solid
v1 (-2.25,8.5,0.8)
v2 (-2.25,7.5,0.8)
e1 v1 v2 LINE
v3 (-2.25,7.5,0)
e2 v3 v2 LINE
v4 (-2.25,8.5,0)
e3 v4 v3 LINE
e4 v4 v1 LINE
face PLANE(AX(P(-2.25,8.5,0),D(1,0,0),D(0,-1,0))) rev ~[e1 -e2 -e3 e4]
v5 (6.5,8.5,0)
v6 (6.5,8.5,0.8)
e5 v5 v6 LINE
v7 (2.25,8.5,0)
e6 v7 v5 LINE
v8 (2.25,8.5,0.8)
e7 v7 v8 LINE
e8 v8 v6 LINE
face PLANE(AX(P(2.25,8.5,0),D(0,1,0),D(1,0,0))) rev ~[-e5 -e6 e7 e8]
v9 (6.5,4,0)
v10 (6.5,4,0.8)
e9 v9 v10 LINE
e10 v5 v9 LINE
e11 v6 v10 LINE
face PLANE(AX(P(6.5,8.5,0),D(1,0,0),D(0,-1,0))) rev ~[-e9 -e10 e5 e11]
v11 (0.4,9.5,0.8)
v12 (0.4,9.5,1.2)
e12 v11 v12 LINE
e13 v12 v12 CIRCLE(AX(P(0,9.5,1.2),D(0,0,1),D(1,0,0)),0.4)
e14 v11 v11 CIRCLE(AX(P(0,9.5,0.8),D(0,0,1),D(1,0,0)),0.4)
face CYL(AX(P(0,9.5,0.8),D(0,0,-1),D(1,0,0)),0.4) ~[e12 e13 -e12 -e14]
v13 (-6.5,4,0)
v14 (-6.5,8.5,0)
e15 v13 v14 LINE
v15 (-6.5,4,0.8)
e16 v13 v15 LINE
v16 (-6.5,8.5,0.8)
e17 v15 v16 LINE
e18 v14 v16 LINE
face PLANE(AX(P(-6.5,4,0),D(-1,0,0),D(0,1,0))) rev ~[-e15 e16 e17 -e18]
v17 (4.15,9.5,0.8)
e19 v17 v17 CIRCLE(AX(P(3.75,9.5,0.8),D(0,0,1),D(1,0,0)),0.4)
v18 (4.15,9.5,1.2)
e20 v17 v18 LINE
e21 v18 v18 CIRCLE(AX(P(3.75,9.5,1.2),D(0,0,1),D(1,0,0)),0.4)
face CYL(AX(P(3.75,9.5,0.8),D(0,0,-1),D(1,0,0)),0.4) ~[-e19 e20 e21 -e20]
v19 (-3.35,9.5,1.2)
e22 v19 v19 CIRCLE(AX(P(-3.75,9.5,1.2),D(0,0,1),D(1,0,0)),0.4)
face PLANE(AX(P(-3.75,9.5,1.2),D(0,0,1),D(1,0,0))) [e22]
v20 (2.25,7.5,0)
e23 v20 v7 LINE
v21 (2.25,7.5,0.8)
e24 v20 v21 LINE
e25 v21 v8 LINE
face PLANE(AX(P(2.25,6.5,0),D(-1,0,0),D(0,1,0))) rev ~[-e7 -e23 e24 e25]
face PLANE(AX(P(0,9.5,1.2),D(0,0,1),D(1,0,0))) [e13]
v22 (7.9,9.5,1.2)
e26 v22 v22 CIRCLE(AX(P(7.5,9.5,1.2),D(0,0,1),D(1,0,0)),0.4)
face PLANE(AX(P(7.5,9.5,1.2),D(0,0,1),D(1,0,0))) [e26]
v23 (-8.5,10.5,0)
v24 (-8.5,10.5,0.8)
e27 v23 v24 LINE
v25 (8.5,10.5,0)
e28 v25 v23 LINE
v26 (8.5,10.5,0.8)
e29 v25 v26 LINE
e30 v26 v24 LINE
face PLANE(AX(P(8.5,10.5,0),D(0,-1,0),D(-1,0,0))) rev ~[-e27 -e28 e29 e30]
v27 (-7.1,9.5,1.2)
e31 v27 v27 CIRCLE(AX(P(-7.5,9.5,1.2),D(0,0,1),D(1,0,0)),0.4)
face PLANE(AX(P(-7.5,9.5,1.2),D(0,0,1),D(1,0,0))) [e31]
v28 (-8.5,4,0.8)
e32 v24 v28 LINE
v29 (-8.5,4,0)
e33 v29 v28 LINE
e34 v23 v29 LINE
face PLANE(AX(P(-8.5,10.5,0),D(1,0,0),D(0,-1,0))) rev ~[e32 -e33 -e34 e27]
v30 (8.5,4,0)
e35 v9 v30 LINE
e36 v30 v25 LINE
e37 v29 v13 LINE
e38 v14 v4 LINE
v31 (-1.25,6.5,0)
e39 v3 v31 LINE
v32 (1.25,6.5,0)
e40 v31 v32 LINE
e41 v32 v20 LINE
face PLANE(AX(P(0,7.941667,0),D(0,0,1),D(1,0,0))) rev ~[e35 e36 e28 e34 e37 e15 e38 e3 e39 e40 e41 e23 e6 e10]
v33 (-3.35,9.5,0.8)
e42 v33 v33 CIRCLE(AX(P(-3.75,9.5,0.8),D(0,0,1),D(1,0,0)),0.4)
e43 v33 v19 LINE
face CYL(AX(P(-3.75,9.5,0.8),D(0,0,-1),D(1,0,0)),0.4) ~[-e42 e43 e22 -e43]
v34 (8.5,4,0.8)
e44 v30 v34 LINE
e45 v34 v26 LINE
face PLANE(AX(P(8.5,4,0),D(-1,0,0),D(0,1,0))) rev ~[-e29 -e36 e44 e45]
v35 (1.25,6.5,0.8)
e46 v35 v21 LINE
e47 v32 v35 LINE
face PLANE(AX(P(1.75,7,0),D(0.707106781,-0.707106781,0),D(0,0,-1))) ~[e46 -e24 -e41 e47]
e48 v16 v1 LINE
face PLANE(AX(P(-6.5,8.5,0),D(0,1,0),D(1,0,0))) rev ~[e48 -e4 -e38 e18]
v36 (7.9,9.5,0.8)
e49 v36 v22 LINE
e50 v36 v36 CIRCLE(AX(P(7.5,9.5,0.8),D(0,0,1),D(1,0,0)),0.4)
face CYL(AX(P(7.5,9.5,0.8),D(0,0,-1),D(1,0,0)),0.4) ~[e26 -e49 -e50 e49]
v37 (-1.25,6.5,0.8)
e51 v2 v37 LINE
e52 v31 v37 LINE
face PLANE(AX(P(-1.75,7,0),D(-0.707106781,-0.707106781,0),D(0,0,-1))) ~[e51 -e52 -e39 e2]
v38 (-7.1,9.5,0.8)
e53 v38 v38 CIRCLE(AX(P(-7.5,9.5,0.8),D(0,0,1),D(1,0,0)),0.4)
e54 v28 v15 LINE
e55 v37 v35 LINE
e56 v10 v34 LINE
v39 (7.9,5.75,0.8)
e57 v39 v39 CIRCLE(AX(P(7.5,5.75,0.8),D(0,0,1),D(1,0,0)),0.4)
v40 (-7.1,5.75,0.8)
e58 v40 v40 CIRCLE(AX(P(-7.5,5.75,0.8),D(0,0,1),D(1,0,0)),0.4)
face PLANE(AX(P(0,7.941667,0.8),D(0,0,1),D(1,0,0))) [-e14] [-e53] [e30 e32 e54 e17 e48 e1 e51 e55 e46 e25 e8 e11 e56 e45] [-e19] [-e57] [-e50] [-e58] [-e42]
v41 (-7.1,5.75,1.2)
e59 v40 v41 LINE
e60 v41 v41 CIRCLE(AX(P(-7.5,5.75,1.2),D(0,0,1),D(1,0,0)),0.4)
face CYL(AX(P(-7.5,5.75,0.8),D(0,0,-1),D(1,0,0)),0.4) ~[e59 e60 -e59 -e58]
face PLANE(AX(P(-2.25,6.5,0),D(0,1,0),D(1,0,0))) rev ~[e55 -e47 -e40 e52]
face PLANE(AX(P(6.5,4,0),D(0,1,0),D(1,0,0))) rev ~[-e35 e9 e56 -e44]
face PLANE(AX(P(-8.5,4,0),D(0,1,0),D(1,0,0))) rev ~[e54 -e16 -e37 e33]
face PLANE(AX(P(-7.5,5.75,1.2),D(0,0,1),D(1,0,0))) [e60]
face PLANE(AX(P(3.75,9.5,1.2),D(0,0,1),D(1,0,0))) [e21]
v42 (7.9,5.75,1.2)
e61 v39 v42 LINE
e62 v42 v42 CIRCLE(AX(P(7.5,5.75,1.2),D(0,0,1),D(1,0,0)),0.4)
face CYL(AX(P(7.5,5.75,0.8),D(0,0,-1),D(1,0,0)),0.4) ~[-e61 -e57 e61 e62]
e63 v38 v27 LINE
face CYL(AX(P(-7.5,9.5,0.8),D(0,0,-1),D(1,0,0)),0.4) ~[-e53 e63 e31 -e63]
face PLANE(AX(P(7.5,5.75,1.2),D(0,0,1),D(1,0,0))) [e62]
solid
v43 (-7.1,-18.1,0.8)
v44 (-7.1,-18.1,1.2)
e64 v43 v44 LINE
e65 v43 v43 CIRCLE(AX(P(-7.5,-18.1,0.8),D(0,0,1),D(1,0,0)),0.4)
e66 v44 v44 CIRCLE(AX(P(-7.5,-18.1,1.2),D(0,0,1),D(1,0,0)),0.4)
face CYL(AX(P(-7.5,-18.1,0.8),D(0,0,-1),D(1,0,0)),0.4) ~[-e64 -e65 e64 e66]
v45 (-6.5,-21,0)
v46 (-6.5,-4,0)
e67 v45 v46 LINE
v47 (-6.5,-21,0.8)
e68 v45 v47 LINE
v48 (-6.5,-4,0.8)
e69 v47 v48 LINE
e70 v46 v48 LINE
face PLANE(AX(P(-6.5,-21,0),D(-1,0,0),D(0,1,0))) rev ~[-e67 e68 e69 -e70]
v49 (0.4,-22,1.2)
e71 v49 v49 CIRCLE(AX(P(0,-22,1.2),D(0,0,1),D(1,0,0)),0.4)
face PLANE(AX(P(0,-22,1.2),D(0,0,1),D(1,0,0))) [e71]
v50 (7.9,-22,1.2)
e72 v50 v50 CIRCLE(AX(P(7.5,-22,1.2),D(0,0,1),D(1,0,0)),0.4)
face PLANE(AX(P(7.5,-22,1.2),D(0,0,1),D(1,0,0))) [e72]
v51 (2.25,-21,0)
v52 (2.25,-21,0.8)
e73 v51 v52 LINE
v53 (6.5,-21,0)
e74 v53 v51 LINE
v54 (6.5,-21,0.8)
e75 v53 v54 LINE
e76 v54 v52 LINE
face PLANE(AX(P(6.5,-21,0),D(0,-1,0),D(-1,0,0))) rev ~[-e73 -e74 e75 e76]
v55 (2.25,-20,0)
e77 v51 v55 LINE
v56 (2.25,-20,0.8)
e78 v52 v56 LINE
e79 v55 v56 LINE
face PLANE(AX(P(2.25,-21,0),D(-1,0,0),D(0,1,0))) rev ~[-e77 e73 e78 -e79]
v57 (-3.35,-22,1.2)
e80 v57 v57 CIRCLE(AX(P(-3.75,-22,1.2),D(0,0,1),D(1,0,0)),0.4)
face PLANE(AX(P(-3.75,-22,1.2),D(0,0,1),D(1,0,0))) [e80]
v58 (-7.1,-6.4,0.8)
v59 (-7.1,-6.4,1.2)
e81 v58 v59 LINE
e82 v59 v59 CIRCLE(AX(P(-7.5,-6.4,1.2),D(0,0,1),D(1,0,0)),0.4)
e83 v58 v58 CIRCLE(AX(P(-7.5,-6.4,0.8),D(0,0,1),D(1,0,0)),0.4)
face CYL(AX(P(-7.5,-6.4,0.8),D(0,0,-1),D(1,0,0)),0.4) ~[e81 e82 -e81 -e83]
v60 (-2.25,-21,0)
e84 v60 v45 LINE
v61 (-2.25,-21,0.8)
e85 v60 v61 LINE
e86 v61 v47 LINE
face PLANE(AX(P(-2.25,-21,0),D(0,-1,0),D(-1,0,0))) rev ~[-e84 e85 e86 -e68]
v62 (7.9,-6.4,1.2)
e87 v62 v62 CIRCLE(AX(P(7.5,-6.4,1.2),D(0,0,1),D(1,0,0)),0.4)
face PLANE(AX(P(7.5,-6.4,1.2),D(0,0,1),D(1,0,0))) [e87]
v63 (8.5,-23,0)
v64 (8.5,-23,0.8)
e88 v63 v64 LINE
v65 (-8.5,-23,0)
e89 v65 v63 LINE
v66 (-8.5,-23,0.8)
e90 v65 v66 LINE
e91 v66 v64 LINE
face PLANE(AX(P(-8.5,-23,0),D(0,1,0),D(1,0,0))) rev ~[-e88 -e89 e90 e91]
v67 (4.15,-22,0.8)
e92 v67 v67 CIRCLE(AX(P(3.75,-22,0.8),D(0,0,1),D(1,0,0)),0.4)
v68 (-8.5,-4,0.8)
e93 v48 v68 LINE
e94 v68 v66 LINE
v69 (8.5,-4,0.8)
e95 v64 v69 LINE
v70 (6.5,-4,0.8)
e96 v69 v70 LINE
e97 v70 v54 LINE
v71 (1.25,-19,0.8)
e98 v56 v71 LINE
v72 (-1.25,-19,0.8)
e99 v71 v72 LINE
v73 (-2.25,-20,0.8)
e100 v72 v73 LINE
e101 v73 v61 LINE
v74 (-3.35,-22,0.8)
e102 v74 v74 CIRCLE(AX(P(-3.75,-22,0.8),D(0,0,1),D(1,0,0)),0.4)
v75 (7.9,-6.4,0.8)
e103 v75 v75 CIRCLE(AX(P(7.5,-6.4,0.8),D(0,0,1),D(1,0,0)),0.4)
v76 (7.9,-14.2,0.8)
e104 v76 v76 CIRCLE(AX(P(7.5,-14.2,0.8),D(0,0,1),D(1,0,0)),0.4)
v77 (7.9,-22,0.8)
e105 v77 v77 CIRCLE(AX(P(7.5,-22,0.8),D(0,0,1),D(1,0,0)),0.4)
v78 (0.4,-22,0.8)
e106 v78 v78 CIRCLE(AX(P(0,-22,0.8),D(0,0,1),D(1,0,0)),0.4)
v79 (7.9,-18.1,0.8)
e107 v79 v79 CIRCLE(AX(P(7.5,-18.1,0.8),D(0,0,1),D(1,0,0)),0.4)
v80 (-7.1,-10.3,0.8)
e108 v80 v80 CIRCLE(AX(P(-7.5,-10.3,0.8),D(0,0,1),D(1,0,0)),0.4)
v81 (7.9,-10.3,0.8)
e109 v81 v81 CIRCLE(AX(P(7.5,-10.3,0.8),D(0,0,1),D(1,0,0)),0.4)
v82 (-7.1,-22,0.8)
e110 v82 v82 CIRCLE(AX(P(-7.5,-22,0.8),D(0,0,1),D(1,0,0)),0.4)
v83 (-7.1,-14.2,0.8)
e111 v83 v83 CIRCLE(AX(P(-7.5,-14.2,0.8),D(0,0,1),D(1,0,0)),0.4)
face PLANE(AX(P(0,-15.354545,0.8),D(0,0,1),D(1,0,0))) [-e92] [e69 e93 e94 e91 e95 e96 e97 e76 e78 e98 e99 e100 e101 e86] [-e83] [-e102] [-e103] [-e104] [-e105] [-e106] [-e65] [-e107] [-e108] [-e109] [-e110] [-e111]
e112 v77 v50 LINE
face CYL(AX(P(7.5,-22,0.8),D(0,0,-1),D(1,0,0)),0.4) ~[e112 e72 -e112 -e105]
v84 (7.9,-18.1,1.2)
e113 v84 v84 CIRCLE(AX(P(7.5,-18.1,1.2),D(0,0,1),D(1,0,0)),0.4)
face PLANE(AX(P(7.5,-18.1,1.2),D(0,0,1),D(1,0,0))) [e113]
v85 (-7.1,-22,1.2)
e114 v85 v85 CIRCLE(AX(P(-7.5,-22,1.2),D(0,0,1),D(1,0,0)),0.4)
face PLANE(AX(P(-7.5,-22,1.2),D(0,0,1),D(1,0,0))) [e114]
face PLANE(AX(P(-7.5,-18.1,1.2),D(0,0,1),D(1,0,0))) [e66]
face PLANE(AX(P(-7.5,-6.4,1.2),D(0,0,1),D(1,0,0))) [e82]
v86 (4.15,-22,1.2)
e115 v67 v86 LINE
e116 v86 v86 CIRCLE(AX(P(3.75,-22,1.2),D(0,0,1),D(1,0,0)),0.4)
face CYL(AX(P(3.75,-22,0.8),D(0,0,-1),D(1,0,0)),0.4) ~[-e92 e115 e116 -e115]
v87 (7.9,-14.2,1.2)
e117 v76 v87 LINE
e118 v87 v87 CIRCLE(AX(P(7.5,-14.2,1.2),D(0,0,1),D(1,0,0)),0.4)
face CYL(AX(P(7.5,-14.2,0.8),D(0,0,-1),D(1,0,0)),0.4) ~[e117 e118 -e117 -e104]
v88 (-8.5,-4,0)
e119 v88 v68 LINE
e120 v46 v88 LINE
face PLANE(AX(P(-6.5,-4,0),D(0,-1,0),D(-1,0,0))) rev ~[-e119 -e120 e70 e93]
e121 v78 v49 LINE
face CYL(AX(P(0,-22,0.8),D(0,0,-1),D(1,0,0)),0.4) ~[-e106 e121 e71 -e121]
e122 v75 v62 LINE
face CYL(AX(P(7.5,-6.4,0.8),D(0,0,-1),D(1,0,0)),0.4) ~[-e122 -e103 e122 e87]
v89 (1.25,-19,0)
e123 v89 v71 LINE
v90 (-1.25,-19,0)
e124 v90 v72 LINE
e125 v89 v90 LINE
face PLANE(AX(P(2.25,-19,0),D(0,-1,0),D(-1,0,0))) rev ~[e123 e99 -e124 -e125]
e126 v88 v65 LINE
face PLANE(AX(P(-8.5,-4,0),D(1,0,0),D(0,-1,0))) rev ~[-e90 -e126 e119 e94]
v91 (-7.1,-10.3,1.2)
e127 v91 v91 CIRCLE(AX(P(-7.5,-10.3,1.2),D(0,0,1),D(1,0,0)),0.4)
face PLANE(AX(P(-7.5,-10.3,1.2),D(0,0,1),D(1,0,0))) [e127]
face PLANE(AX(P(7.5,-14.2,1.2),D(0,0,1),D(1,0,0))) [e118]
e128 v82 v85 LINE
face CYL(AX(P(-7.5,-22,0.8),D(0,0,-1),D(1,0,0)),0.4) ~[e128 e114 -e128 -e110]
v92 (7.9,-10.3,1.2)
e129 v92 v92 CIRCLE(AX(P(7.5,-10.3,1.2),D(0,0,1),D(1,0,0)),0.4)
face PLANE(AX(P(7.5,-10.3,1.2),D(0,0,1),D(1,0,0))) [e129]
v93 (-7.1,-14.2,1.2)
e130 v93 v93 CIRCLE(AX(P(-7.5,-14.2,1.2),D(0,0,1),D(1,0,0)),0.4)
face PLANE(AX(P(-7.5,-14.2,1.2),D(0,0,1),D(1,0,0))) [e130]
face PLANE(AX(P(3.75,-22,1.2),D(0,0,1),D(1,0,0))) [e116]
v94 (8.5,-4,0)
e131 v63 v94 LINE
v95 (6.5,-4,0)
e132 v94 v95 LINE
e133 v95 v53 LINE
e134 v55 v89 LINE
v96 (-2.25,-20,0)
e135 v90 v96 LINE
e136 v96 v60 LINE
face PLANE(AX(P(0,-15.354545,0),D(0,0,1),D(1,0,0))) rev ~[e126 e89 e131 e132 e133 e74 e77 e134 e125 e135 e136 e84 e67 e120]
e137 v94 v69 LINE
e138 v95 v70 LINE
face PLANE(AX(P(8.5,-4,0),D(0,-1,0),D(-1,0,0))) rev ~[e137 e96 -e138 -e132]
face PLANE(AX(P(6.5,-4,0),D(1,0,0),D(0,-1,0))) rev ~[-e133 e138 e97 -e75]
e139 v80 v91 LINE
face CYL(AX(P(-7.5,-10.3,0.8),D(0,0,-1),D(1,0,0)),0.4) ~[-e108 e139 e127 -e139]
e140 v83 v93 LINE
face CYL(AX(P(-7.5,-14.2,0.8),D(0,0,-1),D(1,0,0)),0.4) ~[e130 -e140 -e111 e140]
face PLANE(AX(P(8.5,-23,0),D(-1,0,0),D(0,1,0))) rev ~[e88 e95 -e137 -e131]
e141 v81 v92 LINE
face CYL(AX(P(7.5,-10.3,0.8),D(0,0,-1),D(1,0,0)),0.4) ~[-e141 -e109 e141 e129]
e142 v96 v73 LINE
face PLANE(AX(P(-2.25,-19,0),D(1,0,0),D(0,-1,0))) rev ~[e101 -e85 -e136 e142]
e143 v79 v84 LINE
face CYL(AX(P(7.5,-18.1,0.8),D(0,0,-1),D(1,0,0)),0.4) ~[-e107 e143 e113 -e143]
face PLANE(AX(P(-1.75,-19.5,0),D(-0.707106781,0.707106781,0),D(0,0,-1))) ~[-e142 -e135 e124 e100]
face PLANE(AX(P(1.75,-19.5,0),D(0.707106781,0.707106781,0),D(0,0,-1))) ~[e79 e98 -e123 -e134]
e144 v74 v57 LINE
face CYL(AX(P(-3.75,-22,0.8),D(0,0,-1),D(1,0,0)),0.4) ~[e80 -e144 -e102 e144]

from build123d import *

# Parameters (mm, degrees)
F1_DEPTH  = 0.8
F2_R      = 0.4
F3_DEPTH  = 0.4
F4_SIZE   = 1
F4_2_SIZE = 1


with BuildPart() as f1:
    # F0 (on Top) → F1 (new body)
    with BuildSketch(Plane.XY):
        Polygon((8.5, 10.5), (-8.5, 10.5), (-8.5, 4), (-6.5, 4), (-6.5, 8.5), (-2.25, 8.5), (-2.25, 6.5), (2.25, 6.5), (2.25, 8.5), (6.5, 8.5), (6.5, 4), (8.5, 4), align=None)
    extrude(amount=F1_DEPTH)

    # F2 (on face) → F3 (join)
    with BuildSketch(Plane.XY.offset(0.8)):
        with Locations((-7.5, 9.5)):
            Circle(F2_R)
        with Locations((-3.75, 9.5)):
            Circle(F2_R)
        with Locations((0, 9.5)):
            Circle(F2_R)
        with Locations((3.75, 9.5)):
            Circle(F2_R)
        with Locations((7.5, 9.5)):
            Circle(F2_R)
        with Locations((-7.5, 5.75)):
            Circle(F2_R)
        with Locations((7.5, 5.75)):
            Circle(F2_R)
    extrude(amount=F3_DEPTH)

    # F4
    f4_edges = [f1.edges().sort_by_distance(p)[0] for p in [
        (-2.25, 6.5, 0.4),
        (2.25, 6.5, 0.4),
    ]]
    chamfer(f4_edges, length=F4_SIZE)


with BuildPart() as f1b:
    # F0 (on Top) → F1, piece 2 (new body)
    with BuildSketch(Plane.XY):
        Polygon((-8.5, -4), (-8.5, -23), (8.5, -23), (8.5, -4), (6.5, -4), (6.5, -21), (2.25, -21), (2.25, -19), (-2.25, -19), (-2.25, -21), (-6.5, -21), (-6.5, -4), align=None)
    extrude(amount=F1_DEPTH)

    # F2 (on face) → F3, piece 2 (join)
    with BuildSketch(Plane.XY.offset(0.8)):
        with Locations((0, -22)):
            Circle(F2_R)
        with Locations((3.75, -22)):
            Circle(F2_R)
        with Locations((7.5, -22)):
            Circle(F2_R)
        with Locations((-3.75, -22)):
            Circle(F2_R)
        with Locations((-7.5, -22)):
            Circle(F2_R)
        with Locations((-7.5, -18.1)):
            Circle(F2_R)
        with Locations((-7.5, -14.2)):
            Circle(F2_R)
        with Locations((-7.5, -10.3)):
            Circle(F2_R)
        with Locations((-7.5, -6.4)):
            Circle(F2_R)
        with Locations((7.5, -18.1)):
            Circle(F2_R)
        with Locations((7.5, -14.2)):
            Circle(F2_R)
        with Locations((7.5, -10.3)):
            Circle(F2_R)
        with Locations((7.5, -6.4)):
            Circle(F2_R)
    extrude(amount=F3_DEPTH)

    # F4#2
    f4_2_edges = [f1b.edges().sort_by_distance(p)[0] for p in [
        (2.25, -19, 0.4),
        (-2.25, -19, 0.4),
    ]]
    chamfer(f4_2_edges, length=F4_2_SIZE)


solid = Compound([f1.part, f1b.part])
